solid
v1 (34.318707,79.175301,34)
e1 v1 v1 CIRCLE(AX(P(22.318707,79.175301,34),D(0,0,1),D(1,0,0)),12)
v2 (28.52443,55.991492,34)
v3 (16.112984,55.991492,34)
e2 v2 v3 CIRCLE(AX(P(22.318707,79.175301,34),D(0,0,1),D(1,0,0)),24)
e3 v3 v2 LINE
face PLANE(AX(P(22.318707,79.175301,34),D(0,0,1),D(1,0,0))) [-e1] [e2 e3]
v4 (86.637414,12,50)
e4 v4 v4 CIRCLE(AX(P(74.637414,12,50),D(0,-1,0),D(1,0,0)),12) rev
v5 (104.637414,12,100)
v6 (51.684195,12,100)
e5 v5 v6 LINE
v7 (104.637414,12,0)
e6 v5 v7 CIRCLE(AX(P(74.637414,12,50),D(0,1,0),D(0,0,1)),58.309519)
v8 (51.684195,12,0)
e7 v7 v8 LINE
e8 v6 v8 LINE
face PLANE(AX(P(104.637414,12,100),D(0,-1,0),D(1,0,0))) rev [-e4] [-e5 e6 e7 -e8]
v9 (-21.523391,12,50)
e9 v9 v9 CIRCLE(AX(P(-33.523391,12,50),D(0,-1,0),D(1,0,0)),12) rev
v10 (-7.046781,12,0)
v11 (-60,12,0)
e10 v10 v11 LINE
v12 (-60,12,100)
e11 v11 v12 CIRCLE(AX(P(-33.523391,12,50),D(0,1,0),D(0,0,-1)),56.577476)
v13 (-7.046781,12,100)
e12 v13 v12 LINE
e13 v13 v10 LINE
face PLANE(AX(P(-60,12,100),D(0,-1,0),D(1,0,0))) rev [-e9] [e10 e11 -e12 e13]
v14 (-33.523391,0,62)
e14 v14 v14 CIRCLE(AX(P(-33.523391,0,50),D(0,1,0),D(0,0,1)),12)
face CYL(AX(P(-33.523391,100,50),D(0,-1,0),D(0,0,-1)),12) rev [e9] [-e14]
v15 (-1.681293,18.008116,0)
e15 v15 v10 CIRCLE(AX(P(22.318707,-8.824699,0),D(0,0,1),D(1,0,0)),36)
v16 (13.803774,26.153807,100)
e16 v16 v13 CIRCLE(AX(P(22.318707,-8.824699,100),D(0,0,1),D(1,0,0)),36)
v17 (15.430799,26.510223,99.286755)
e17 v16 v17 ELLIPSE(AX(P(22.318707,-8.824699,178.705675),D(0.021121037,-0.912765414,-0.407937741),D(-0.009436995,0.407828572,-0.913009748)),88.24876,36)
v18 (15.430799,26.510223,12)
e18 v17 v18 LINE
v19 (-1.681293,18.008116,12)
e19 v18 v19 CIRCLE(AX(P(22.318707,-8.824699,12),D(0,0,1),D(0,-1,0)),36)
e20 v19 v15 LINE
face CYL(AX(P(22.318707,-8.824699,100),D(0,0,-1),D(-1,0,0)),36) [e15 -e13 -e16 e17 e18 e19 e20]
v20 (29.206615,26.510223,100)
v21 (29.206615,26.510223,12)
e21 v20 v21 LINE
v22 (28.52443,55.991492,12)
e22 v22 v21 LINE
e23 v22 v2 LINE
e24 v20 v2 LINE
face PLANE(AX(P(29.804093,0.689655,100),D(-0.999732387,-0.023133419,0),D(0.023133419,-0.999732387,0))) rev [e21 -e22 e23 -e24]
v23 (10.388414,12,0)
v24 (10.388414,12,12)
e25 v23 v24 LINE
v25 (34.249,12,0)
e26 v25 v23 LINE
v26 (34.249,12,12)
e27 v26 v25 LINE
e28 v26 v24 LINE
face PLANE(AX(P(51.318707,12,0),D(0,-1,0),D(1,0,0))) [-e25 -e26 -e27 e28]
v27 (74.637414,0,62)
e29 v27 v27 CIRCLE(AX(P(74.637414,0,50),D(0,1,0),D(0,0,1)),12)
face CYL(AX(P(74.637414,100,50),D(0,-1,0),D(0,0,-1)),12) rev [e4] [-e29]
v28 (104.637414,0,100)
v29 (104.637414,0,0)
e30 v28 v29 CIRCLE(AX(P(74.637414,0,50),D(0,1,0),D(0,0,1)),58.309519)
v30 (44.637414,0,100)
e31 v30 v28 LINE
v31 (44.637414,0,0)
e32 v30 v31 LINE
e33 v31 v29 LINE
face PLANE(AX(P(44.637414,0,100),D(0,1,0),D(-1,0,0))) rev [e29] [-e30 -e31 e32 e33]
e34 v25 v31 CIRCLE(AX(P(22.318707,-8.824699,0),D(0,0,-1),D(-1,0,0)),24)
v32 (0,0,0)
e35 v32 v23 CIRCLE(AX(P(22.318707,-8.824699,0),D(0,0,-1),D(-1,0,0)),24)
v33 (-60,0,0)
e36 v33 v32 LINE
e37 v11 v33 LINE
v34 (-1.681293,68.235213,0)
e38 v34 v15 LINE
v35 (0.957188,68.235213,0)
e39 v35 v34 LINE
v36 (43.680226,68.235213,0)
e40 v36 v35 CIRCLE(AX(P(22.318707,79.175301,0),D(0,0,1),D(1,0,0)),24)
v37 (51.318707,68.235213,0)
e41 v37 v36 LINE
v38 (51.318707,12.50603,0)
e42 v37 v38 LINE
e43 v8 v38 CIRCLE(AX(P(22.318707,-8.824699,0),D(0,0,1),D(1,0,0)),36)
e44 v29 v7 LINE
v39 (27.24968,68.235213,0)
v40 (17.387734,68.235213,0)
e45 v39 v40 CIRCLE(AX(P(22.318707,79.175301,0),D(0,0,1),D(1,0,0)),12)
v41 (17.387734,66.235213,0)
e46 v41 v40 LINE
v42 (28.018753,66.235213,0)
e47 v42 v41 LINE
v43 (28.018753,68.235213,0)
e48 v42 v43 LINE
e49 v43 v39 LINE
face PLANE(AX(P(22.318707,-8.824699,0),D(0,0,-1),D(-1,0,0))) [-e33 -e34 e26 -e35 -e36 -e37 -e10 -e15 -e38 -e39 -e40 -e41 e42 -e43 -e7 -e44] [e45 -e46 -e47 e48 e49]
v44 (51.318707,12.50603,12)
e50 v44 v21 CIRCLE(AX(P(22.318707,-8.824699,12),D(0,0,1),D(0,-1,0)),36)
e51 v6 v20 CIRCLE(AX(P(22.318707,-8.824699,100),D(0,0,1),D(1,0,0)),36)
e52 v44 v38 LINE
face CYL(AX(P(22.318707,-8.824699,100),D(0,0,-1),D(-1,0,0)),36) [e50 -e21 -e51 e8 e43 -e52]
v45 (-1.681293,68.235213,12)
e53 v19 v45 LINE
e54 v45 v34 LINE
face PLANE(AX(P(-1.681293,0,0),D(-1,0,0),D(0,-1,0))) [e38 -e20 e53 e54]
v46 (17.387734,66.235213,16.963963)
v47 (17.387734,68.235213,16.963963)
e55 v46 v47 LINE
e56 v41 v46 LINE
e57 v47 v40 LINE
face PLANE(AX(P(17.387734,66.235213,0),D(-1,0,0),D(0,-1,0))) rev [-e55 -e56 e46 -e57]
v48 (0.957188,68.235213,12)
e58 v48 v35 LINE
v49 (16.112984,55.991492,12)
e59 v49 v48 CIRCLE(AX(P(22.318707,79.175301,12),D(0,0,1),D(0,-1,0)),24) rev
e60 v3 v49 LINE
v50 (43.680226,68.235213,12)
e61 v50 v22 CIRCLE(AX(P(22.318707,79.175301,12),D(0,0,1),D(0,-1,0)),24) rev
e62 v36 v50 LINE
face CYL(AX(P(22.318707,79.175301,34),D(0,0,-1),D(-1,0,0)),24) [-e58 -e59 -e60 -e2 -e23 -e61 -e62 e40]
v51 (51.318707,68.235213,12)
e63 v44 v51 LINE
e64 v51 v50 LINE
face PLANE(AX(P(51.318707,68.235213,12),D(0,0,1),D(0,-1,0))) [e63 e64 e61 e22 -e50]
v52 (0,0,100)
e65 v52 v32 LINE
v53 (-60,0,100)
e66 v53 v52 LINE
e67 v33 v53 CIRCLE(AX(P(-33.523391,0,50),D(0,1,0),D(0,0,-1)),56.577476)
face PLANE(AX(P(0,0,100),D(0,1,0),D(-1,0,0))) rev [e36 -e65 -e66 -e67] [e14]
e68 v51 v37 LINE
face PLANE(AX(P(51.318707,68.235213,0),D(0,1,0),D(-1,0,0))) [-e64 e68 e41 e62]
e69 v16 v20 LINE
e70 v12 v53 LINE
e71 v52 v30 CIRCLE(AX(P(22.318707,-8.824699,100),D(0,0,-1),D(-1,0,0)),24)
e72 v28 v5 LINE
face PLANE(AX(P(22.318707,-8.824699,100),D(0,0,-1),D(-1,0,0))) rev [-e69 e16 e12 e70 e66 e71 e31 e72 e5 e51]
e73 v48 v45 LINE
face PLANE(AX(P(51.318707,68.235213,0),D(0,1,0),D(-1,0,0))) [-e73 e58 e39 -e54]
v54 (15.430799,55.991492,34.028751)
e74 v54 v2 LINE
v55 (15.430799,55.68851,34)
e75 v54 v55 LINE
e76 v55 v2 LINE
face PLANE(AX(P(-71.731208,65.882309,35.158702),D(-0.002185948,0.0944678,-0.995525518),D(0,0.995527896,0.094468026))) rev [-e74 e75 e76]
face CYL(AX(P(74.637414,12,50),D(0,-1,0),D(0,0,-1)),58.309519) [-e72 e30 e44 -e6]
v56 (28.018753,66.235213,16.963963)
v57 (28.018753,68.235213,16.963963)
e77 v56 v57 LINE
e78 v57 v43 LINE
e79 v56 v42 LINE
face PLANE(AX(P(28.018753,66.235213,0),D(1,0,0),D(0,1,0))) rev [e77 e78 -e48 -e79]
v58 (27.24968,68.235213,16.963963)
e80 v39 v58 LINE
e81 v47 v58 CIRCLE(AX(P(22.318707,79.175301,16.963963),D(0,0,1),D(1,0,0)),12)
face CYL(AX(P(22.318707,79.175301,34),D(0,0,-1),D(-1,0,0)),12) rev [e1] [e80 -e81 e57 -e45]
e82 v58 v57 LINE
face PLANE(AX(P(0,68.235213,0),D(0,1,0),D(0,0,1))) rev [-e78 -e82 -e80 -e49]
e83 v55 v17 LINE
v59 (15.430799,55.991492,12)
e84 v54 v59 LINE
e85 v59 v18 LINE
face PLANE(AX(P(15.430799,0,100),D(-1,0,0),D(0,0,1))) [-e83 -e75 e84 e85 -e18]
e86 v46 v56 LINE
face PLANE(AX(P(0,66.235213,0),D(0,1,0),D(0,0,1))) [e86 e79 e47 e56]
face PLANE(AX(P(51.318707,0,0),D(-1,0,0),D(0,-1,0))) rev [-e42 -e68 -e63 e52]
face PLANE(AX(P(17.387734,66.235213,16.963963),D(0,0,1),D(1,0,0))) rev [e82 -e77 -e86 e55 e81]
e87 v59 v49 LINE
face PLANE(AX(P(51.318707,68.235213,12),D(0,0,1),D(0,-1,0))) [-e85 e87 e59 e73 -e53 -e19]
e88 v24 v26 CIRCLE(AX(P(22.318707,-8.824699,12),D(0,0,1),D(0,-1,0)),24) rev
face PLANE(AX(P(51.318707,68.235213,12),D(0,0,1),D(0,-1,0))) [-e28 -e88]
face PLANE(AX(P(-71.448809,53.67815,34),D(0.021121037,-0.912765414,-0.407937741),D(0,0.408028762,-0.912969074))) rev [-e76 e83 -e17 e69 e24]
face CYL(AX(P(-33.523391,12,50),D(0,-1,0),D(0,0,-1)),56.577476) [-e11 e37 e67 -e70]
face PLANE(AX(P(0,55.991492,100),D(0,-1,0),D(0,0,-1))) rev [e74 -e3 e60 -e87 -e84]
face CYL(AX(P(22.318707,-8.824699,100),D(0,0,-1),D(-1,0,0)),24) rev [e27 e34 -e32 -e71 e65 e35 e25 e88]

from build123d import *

# Parameters (mm, degrees)
BOSS_EXTRUDE2_DEPTH  = 100
SKETCH2_R            = 12
CUT_EXTRUDE2_DEPTH   = 100
BOSS_EXTRUDE3_DEPTH  = 12
SKETCH4_R            = 24
SKETCH4_R_2          = 12
BOSS_EXTRUDE4_DEPTH  = 34
SKETCH9_W            = 12
SKETCH9_H            = 56.23521347
BOSS_EXTRUDE14_DEPTH = 53
BOSS_EXTRUDE15_DEPTH = 100
CUT_EXTRUDE5_DEPTH   = 100
SKETCH18_W           = 10.631018499
SKETCH18_H           = 16.963963476
CUT_EXTRUDE6_DEPTH   = 2


with BuildPart() as part:
    # Sketch1 → Boss-Extrude2 (new body)
    with BuildSketch(Plane.XY):
        with BuildLine():
            Line((0, 0), (-60, 0))
            Line((-60, 0), (-60, 12))
            Line((-60, 12), (-7.046781234, 12))
            ThreePointArc((-7.046781234, 12), (22.318707009, 27.175300716), (51.684195251, 12))
            Line((51.684195251, 12), (104.637414017, 12))
            Line((104.637414017, 12), (104.637414017, 0))
            Line((104.637414017, 0), (44.637414017, 0))
            ThreePointArc((44.637414017, 0), (22.318707009, 15.175300716), (0, 0))
        make_face()
    extrude(amount=BOSS_EXTRUDE2_DEPTH)

    # Sketch2 → Cut-Extrude2 (cut)
    with BuildSketch(Plane(origin=(0, 0, 0), x_dir=(1, 0, 0), z_dir=(0, 1, 0))):
        with Locations((-33.523390617, -50)):
            Circle(SKETCH2_R)
        with Locations((74.637414017, -50)):
            Circle(SKETCH2_R)
    extrude(amount=CUT_EXTRUDE2_DEPTH, mode=Mode.SUBTRACT)

    # Sketch3 → Boss-Extrude3 (add)
    with BuildSketch(Plane(origin=(0, 0, 0), x_dir=(1, 0, 0), z_dir=(0, 1, 0))):
        with BuildLine():
            Line((-60, 0), (-60, -100))
            ThreePointArc((-60, -100), (-90.100867093, -50), (-60, 0))
        make_face()
        with BuildLine():
            Line((104.637414017, 0), (104.637414017, -100))
            ThreePointArc((104.637414017, -100), (132.946932966, -50), (104.637414017, 0))
        make_face()
    extrude(amount=BOSS_EXTRUDE3_DEPTH)



with BuildPart() as body_2:
    # Sketch4 → Boss-Extrude4 (new body)
    with BuildSketch(Plane.XY):
        with Locations((22.318707009, 79.175300716)):
            Circle(SKETCH4_R)
        with Locations((22.318707009, 79.175300716)):
            Circle(SKETCH4_R_2, mode=Mode.SUBTRACT)
    extrude(amount=BOSS_EXTRUDE4_DEPTH)


with BuildPart() as part_1:
    add(part.part)

    add(body_2.part)  # Boss-Extrude14 merges body 2
    # Sketch9 → Boss-Extrude14 (add)
    with BuildSketch(Plane.ZY.offset(1.681292991)):
        with Locations((6, 40.117606735)):
            Rectangle(SKETCH9_W, SKETCH9_H)
    extrude(amount=-BOSS_EXTRUDE14_DEPTH)

    # Sketch15 → Boss-Extrude15 (add)
    with BuildSketch(Plane.XY):
        Polygon((15.430799057, 55.991491628), (15.430799057, 26.510222876), (29.20661496, 26.510222876), (28.524429867, 55.991491628), align=None)
    extrude(amount=BOSS_EXTRUDE15_DEPTH)

    # Sketch16 → Cut-Extrude5 (cut)
    with BuildSketch(Plane(origin=(29.804092856, 0.689655118, 0), x_dir=(0, 0, -1), z_dir=(0.999732387, 0.023133419, 0))):
        Polygon((-34, 55.316639981), (-100, 25.827479536), (-100, 55.316639981), (-101.715628872, 69.701769469), (-35.158701994, 67.524066269), align=None)
    extrude(amount=-CUT_EXTRUDE5_DEPTH, mode=Mode.SUBTRACT)

    # Sketch18 → Cut-Extrude6 (cut)
    with BuildSketch(Plane(origin=(0, 68.23521347, 0), x_dir=(1, 0, 0), z_dir=(0, 1, 0))):
        with Locations((22.703243631, -8.481981738)):
            Rectangle(SKETCH18_W, SKETCH18_H)
    extrude(amount=-CUT_EXTRUDE6_DEPTH, mode=Mode.SUBTRACT)


solid = part_1.part
